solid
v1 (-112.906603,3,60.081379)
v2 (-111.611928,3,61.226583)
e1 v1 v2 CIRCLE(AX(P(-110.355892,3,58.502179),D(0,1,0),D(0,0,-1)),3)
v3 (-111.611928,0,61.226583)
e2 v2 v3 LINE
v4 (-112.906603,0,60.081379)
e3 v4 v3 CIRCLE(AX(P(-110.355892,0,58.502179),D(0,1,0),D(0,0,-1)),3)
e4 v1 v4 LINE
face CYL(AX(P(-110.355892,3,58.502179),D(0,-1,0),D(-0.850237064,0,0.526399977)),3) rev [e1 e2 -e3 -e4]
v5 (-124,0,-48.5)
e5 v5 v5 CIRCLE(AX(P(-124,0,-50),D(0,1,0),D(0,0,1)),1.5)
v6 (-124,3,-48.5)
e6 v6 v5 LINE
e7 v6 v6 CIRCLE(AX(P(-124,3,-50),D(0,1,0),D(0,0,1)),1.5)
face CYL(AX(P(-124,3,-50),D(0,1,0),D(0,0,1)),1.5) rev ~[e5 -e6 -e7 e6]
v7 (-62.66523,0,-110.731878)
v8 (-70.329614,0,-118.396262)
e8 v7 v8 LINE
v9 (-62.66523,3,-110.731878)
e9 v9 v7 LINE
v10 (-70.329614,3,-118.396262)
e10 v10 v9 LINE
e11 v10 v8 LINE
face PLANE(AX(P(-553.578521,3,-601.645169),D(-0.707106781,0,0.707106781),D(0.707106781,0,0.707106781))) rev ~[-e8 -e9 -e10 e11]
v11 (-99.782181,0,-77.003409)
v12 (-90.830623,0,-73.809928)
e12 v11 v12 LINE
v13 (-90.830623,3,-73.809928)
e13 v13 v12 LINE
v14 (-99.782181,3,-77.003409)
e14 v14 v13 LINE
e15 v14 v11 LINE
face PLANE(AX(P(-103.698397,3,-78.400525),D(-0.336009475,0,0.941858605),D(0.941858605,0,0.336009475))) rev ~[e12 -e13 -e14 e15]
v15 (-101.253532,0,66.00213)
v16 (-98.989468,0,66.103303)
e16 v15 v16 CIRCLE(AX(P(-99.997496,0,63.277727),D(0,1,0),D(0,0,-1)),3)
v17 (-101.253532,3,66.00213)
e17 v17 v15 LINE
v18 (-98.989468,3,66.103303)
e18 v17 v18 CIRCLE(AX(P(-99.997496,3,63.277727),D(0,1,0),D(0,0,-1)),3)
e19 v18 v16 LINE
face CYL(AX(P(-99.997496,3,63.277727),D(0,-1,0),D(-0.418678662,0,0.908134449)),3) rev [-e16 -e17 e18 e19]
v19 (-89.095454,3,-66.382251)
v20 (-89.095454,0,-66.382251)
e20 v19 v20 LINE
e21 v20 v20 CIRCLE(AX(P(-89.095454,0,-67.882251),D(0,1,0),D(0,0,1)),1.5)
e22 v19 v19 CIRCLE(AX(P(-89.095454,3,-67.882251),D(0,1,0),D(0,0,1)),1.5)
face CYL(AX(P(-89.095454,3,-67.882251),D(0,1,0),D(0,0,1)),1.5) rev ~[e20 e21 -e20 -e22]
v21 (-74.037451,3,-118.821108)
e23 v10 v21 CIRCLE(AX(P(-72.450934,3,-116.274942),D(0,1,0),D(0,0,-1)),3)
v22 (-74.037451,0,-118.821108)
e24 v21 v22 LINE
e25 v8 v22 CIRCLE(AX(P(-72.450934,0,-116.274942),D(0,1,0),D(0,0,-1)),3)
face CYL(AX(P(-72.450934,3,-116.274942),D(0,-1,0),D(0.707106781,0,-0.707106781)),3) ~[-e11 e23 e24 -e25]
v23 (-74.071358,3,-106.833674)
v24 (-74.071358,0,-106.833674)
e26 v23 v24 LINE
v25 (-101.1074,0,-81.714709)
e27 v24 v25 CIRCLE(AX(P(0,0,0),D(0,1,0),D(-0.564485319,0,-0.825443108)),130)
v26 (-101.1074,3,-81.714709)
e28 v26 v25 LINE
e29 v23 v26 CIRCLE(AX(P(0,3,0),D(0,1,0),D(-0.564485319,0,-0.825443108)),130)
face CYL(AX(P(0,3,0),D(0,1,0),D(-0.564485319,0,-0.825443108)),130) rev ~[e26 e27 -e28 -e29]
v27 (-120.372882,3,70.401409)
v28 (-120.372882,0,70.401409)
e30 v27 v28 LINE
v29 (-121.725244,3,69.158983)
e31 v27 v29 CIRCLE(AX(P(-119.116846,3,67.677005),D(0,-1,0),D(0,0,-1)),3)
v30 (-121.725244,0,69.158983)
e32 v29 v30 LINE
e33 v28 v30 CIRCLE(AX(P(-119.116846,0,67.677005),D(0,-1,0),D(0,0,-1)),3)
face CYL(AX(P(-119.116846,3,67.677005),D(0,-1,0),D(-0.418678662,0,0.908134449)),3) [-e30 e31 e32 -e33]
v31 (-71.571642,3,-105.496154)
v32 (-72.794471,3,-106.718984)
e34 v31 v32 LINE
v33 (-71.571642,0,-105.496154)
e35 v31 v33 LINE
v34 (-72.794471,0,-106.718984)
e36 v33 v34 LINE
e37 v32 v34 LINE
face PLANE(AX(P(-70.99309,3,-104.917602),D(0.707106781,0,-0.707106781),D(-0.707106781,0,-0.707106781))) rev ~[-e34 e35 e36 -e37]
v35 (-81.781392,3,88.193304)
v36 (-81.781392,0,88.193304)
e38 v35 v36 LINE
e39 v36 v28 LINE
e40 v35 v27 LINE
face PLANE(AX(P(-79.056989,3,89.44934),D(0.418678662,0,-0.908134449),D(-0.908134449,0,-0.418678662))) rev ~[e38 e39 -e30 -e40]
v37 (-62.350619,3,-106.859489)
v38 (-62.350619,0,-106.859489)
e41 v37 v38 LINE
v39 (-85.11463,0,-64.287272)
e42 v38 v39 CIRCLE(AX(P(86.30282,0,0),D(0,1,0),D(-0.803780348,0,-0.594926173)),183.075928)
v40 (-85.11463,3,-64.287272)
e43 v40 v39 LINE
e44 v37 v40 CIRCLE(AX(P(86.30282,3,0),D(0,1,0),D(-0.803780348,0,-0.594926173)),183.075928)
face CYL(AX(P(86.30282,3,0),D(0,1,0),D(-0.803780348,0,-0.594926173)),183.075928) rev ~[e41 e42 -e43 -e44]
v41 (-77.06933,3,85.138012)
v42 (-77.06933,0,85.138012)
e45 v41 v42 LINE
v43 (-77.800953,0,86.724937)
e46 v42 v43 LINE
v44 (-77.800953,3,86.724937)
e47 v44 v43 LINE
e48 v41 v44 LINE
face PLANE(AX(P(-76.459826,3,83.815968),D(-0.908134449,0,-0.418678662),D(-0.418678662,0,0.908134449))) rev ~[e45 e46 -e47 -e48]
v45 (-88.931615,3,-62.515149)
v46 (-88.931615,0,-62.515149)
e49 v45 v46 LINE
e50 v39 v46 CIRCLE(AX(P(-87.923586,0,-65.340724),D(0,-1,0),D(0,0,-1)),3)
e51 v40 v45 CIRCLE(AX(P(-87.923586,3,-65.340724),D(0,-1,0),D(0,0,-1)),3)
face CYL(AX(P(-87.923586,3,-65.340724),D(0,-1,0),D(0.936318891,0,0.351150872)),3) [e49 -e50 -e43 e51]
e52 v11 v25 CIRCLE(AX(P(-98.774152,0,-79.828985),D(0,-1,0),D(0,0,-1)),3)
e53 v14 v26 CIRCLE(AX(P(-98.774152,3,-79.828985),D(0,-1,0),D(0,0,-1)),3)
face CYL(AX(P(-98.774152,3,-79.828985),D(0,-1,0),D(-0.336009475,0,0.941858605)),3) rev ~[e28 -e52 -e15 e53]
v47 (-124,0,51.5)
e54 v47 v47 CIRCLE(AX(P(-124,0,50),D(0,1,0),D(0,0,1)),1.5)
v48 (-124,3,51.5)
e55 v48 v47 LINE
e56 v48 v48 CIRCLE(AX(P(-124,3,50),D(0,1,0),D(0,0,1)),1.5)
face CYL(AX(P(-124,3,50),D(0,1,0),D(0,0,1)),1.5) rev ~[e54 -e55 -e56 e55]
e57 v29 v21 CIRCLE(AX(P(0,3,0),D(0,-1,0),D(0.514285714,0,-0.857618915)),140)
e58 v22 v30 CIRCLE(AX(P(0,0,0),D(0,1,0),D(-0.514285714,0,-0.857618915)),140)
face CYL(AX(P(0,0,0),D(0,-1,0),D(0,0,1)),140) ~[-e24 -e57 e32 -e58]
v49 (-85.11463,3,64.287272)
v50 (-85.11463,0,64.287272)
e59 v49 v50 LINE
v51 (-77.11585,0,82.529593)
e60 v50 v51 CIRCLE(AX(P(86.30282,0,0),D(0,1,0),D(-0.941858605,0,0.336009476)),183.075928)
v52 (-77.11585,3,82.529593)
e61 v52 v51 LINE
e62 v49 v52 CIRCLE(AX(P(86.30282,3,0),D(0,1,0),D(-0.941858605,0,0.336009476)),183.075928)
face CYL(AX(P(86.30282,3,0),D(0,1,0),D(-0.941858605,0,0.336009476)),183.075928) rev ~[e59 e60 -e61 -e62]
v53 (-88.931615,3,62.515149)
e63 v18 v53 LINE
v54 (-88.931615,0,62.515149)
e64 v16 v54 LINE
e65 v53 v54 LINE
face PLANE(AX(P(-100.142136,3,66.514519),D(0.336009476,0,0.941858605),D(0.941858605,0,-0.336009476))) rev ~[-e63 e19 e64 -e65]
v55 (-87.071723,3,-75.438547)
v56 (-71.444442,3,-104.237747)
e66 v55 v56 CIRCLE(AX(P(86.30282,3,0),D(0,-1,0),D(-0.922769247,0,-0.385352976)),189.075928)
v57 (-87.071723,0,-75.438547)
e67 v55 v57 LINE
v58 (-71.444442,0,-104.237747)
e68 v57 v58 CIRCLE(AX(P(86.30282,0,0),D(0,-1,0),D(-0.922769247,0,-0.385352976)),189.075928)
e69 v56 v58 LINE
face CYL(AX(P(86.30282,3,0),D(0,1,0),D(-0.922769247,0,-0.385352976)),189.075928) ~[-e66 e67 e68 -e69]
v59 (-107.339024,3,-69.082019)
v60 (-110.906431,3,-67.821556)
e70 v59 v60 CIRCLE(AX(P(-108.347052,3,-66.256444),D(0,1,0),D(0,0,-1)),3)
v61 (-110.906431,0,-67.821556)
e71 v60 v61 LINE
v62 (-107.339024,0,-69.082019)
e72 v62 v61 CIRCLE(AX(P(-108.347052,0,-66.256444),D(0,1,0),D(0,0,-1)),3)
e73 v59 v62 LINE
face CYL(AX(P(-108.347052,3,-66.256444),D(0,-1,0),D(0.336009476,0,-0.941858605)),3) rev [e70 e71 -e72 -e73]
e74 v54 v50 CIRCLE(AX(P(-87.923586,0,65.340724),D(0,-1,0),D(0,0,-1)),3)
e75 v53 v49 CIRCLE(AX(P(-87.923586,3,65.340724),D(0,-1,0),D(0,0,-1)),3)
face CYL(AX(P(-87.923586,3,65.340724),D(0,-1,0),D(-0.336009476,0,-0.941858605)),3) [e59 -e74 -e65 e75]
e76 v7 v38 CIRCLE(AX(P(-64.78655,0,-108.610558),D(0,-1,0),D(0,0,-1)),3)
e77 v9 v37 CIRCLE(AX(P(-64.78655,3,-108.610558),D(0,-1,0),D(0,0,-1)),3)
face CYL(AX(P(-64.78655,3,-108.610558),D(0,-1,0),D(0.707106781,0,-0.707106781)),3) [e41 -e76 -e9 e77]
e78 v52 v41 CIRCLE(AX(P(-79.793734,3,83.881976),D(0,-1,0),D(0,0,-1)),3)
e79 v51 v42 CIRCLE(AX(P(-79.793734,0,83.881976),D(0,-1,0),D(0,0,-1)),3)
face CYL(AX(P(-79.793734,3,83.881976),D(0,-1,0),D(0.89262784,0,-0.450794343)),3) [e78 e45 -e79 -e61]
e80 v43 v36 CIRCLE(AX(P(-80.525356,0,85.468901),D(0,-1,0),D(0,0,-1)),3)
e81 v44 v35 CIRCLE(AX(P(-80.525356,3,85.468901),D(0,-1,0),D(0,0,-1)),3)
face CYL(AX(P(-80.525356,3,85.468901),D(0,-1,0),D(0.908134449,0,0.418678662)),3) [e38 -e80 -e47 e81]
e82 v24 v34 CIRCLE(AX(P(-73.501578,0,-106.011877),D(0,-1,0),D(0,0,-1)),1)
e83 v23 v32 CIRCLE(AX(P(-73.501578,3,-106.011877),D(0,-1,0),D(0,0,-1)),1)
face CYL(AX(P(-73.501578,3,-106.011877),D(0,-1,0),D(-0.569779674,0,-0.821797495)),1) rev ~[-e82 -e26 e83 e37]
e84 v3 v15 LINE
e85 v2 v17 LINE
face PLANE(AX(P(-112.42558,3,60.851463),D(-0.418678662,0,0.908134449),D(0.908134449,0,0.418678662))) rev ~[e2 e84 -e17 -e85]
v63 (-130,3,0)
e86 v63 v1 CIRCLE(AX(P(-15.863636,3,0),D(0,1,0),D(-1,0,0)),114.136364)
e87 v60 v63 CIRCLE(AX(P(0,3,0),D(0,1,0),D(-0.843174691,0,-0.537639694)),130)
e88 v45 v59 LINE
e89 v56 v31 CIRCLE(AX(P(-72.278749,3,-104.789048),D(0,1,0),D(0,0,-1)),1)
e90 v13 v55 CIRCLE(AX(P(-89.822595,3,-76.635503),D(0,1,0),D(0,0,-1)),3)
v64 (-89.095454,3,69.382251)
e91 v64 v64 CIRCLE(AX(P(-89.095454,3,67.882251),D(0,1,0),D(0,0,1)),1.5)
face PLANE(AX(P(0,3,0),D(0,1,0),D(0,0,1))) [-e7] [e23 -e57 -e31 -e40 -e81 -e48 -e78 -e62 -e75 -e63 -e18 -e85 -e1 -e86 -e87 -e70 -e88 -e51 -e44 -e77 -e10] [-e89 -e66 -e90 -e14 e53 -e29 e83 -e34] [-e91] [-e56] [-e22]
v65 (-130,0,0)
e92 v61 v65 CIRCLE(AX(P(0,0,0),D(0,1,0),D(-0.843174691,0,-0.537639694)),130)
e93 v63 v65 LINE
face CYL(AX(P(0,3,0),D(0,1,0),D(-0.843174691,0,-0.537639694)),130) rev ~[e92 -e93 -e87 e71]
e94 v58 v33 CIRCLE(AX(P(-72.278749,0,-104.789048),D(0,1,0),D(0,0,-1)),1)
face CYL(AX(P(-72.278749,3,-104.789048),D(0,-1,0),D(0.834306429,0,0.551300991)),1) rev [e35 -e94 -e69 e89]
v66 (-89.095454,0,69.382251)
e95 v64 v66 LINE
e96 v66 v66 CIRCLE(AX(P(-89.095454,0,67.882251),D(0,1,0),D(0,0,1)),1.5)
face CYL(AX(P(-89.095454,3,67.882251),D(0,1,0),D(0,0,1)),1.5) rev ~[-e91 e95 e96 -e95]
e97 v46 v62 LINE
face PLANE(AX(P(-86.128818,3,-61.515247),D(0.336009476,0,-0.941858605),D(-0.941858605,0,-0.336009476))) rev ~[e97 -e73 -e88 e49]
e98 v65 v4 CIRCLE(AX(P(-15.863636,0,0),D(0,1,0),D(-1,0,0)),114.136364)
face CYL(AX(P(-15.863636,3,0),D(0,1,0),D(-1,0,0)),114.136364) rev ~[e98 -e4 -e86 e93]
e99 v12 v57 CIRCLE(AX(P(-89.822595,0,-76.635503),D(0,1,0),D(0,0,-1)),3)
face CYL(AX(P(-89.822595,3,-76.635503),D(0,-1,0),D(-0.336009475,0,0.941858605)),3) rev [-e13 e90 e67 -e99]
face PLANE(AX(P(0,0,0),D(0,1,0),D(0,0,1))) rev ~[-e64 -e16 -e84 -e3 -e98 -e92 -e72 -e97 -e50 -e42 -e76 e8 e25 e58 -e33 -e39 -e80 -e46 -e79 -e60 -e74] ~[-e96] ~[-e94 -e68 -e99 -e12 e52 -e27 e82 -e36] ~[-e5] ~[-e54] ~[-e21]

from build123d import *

# Parameters (mm, degrees)
SKETCH1_R           = 140
BOSS_EXTRUDE1_DEPTH = 3
CUT_EXTRUDE3_REACH  = 200.013
SKETCH19_R          = 1.5
CUT_EXTRUDE10_REACH = 200.013
SKETCH25_R          = 1.5
CUT_EXTRUDE4_REACH  = 200.013
FILLET2_R           = 10
SKETCH26_R          = 1.5
CUT_EXTRUDE11_DEPTH = 3
FILLET6_R           = 3
FILLET7_R           = 1


with BuildPart() as part:
    # Sketch1 → Boss-Extrude1 (new body)
    with BuildSketch(Plane(origin=(0, 0, 0), x_dir=(1, 0, 0), z_dir=(0, 1, 0))):
        with Locations(Location((0, 0, 0), (0, 0, 270))):
            Circle(SKETCH1_R)
    extrude(amount=BOSS_EXTRUDE1_DEPTH)

    # Sketch19 → Cut-Extrude3 (cut, up to next)
    with BuildSketch(Plane(origin=(0, 3, 0), x_dir=(1, 0, 0), z_dir=(0, 1, 0)), mode=Mode.PRIVATE) as cut_extrude3_sk1:
        with Locations(Location((-89.09545443, -67.882250994, 0), (0, 0, 270))):
            Circle(SKETCH19_R)
    cut_extrude3_tool1 = extrude(cut_extrude3_sk1.sketch, amount=-CUT_EXTRUDE3_REACH, mode=Mode.PRIVATE) & part.part
    # Sketch19 → Cut-Extrude3 (cut, up to next)
    with BuildSketch(Plane(origin=(0, 3, 0), x_dir=(1, 0, 0), z_dir=(0, 1, 0)), mode=Mode.PRIVATE) as cut_extrude3_sk2:
        with Locations(Location((-89.09545443, 67.882250994, 0), (0, 0, 270))):
            Circle(SKETCH19_R)
    cut_extrude3_tool2 = extrude(cut_extrude3_sk2.sketch, amount=-CUT_EXTRUDE3_REACH, mode=Mode.PRIVATE) & part.part
    # Sketch19 → Cut-Extrude3 (cut, up to next)
    with BuildSketch(Plane(origin=(0, 3, 0), x_dir=(1, 0, 0), z_dir=(0, 1, 0)), mode=Mode.PRIVATE) as cut_extrude3_sk3:
        with Locations(Location((89.09545443, 67.882250994, 0), (0, 0, 270))):
            Circle(SKETCH19_R)
    cut_extrude3_tool3 = extrude(cut_extrude3_sk3.sketch, amount=-CUT_EXTRUDE3_REACH, mode=Mode.PRIVATE) & part.part
    # Sketch19 → Cut-Extrude3 (cut, up to next)
    with BuildSketch(Plane(origin=(0, 3, 0), x_dir=(1, 0, 0), z_dir=(0, 1, 0)), mode=Mode.PRIVATE) as cut_extrude3_sk4:
        with Locations(Location((89.09545443, -67.882250994, 0), (0, 0, 270))):
            Circle(SKETCH19_R)
    cut_extrude3_tool4 = extrude(cut_extrude3_sk4.sketch, amount=-CUT_EXTRUDE3_REACH, mode=Mode.PRIVATE) & part.part
    # Sketch19 → Cut-Extrude3 (cut, up to next)
    with BuildSketch(Plane(origin=(0, 3, 0), x_dir=(1, 0, 0), z_dir=(0, 1, 0)), mode=Mode.PRIVATE) as cut_extrude3_sk5:
        with Locations(Location((-67.882250994, 89.09545443, 0), (0, 0, 270))):
            Circle(SKETCH19_R)
    cut_extrude3_tool5 = extrude(cut_extrude3_sk5.sketch, amount=-CUT_EXTRUDE3_REACH, mode=Mode.PRIVATE) & part.part
    # Sketch19 → Cut-Extrude3 (cut, up to next)
    with BuildSketch(Plane(origin=(0, 3, 0), x_dir=(1, 0, 0), z_dir=(0, 1, 0)), mode=Mode.PRIVATE) as cut_extrude3_sk6:
        with Locations(Location((67.882250994, 89.09545443, 0), (0, 0, 270))):
            Circle(SKETCH19_R)
    cut_extrude3_tool6 = extrude(cut_extrude3_sk6.sketch, amount=-CUT_EXTRUDE3_REACH, mode=Mode.PRIVATE) & part.part
    # Sketch19 → Cut-Extrude3 (cut, up to next)
    with BuildSketch(Plane(origin=(0, 3, 0), x_dir=(1, 0, 0), z_dir=(0, 1, 0)), mode=Mode.PRIVATE) as cut_extrude3_sk7:
        with Locations(Location((67.882250994, -89.09545443, 0), (0, 0, 270))):
            Circle(SKETCH19_R)
    cut_extrude3_tool7 = extrude(cut_extrude3_sk7.sketch, amount=-CUT_EXTRUDE3_REACH, mode=Mode.PRIVATE) & part.part
    # Sketch19 → Cut-Extrude3 (cut, up to next)
    with BuildSketch(Plane(origin=(0, 3, 0), x_dir=(1, 0, 0), z_dir=(0, 1, 0)), mode=Mode.PRIVATE) as cut_extrude3_sk8:
        with Locations(Location((-67.882250994, -89.09545443, 0), (0, 0, 270))):
            Circle(SKETCH19_R)
    cut_extrude3_tool8 = extrude(cut_extrude3_sk8.sketch, amount=-CUT_EXTRUDE3_REACH, mode=Mode.PRIVATE) & part.part
    add(cut_extrude3_tool1.solids().sort_by_distance((-89.095454, 3, 67.882251))[0], mode=Mode.SUBTRACT)
    add(cut_extrude3_tool2.solids().sort_by_distance((-89.095454, 3, -67.882251))[0], mode=Mode.SUBTRACT)
    add(cut_extrude3_tool3.solids().sort_by_distance((89.095454, 3, -67.882251))[0], mode=Mode.SUBTRACT)
    add(cut_extrude3_tool4.solids().sort_by_distance((89.095454, 3, 67.882251))[0], mode=Mode.SUBTRACT)
    add(cut_extrude3_tool5.solids().sort_by_distance((-67.882251, 3, -89.095454))[0], mode=Mode.SUBTRACT)
    add(cut_extrude3_tool6.solids().sort_by_distance((67.882251, 3, -89.095454))[0], mode=Mode.SUBTRACT)
    add(cut_extrude3_tool7.solids().sort_by_distance((67.882251, 3, 89.095454))[0], mode=Mode.SUBTRACT)
    add(cut_extrude3_tool8.solids().sort_by_distance((-67.882251, 3, 89.095454))[0], mode=Mode.SUBTRACT)

    # Sketch25 → Cut-Extrude10 (cut, up to next)
    with BuildSketch(Plane(origin=(0, 3, 0), x_dir=(1, 0, 0), z_dir=(0, 1, 0)), mode=Mode.PRIVATE) as cut_extrude10_sk1:
        with Locations(Location((-124, 50, 0), (0, 0, 270))):
            Circle(SKETCH25_R)
    cut_extrude10_tool1 = extrude(cut_extrude10_sk1.sketch, amount=-CUT_EXTRUDE10_REACH, mode=Mode.PRIVATE) & part.part
    # Sketch25 → Cut-Extrude10 (cut, up to next)
    with BuildSketch(Plane(origin=(0, 3, 0), x_dir=(1, 0, 0), z_dir=(0, 1, 0)), mode=Mode.PRIVATE) as cut_extrude10_sk2:
        with Locations(Location((-124, -50, 0), (0, 0, 270))):
            Circle(SKETCH25_R)
    cut_extrude10_tool2 = extrude(cut_extrude10_sk2.sketch, amount=-CUT_EXTRUDE10_REACH, mode=Mode.PRIVATE) & part.part
    add(cut_extrude10_tool1.solids().sort_by_distance((-124, 3, -50))[0], mode=Mode.SUBTRACT)
    add(cut_extrude10_tool2.solids().sort_by_distance((-124, 3, 50))[0], mode=Mode.SUBTRACT)

    # Sketch20 → Cut-Extrude4 (cut, up to next)
    with BuildSketch(Plane(origin=(0, 3, 0), x_dir=(1, 0, 0), z_dir=(0, 1, 0)), mode=Mode.PRIVATE) as cut_extrude4_sk1:
        Polygon((-553.578520829, 601.645168987), (-72, 120.066648158), (-50, 98.066648158), (50, 98.066648158), (72, 120.066648158), (553.578520829, 601.645168987), (553.578520829, 1963.754919995), (-553.578520829, 1963.754919995), align=None)
    cut_extrude4_tool1 = extrude(cut_extrude4_sk1.sketch, amount=-CUT_EXTRUDE4_REACH, mode=Mode.PRIVATE) & part.part
    add(cut_extrude4_tool1.solids().sort_by_distance((0, 3, -1137.970098))[0], mode=Mode.SUBTRACT)

    # Fillet2
    fillet2_edges = [part.edges().sort_by_distance(p)[0] for p in [
        (50, 1.5, -98.066648158),
        (-50, 1.5, -98.066648158),
    ]]
    fillet(fillet2_edges, radius=FILLET2_R)

    # Sketch26 → Cut-Extrude11 (cut)
    # profile 1 of 7: a face of its own
    with BuildSketch(Plane(origin=(0, 3, 0), x_dir=(1, 0, 0), z_dir=(0, 1, 0))):
        with BuildLine():
            Line((-79.056988797, -89.449340058), (-121.24355653, -70))
            ThreePointArc((-121.24355653, -70), (98.171098855, -99.812000028), (72, 120.066648158))
            Line((72, 120.066648158), (52.928932188, 100.995580347))
            ThreePointArc((52.928932188, 100.995580347), (49.6846987, 98.827852833), (45.857864376, 98.066648158))
            Line((45.857864376, 98.066648158), (-45.857864376, 98.066648158))
            ThreePointArc((-45.857864376, 98.066648158), (-49.6846987, 98.827852833), (-52.928932188, 100.995580347))
            Line((-52.928932188, 100.995580347), (-60.850013122, 108.91666128))
            ThreePointArc((-60.850013122, 108.91666128), (-75.23752201, 86.148205434), (-86.128818141, 61.515246573))
            Line((-86.128818141, 61.515246573), (-109.612709786, 69.893160276))
            ThreePointArc((-109.612709786, 69.893160276), (-124.799143171, 36.402937572), (-130, 0))
            ThreePointArc((-130, 0), (-125.518409602, -31.669231283), (-112.425579752, -60.851463362))
            Line((-112.425579752, -60.851463362), (-100.142136058, -66.514518839))
            Line((-100.142136058, -66.514518839), (-86.128818141, -61.515246573))
            ThreePointArc((-86.128818141, -61.515246573), (-81.664833416, -72.826250762), (-76.459826151, -83.815967535))
            Line((-76.459826151, -83.815967535), (-79.056988797, -89.449340058))
        make_face()
        with Locations((-67.882250994, -89.09545443)):
            Circle(SKETCH26_R, mode=Mode.SUBTRACT)
        with Locations((67.882250994, -89.09545443)):
            Circle(SKETCH26_R, mode=Mode.SUBTRACT)
        with Locations((89.09545443, -67.882250994)):
            Circle(SKETCH26_R, mode=Mode.SUBTRACT)
        with Locations((-67.882250994, 89.09545443)):
            Circle(SKETCH26_R, mode=Mode.SUBTRACT)
        with Locations((67.882250994, 89.09545443)):
            Circle(SKETCH26_R, mode=Mode.SUBTRACT)
        with Locations((89.09545443, 67.882250994)):
            Circle(SKETCH26_R, mode=Mode.SUBTRACT)
    # profile 2 of 7: a face of its own
    with BuildSketch(Plane(origin=(0, 3, 0), x_dir=(1, 0, 0), z_dir=(0, 1, 0))):
        with BuildLine():
            Line((-103.69839741, 78.400525346), (-88.170631715, 72.860971556))
            ThreePointArc((-88.170631715, 72.860971556), (-80.354415694, 89.303260425), (-70.993089828, 104.917602363))
            Line((-70.993089828, 104.917602363), (-73.383091495, 107.30760403))
            ThreePointArc((-73.383091495, 107.30760403), (-89.712698252, 94.083110983), (-103.69839741, 78.400525346))
        make_face()
    # profile 3 of 7: a face of its own
    with BuildSketch(Plane(origin=(0, 3, 0), x_dir=(1, 0, 0), z_dir=(0, 1, 0))):
        with Locations((-67.882250994, 89.09545443)):
            Circle(SKETCH26_R)
    # profile 4 of 7: a face of its own
    with BuildSketch(Plane(origin=(0, 3, 0), x_dir=(1, 0, 0), z_dir=(0, 1, 0))):
        with Locations(Location((-89.09545443, 67.882250994, 0), (0, 0, 270))):
            Circle(SKETCH26_R)
    # profile 5 of 7: a face of its own
    with BuildSketch(Plane(origin=(0, 3, 0), x_dir=(1, 0, 0), z_dir=(0, 1, 0))):
        with Locations(Location((-124, 50, 0), (0, 0, 270))):
            Circle(SKETCH26_R)
    # profile 6 of 7: a face of its own
    with BuildSketch(Plane(origin=(0, 3, 0), x_dir=(1, 0, 0), z_dir=(0, 1, 0))):
        with Locations(Location((-89.09545443, -67.882250994, 0), (0, 0, 270))):
            Circle(SKETCH26_R)
    # profile 7 of 7: a face of its own
    with BuildSketch(Plane(origin=(0, 3, 0), x_dir=(1, 0, 0), z_dir=(0, 1, 0))):
        with Locations(Location((-124, -50, 0), (0, 0, 270))):
            Circle(SKETCH26_R)
    extrude(amount=-CUT_EXTRUDE11_DEPTH, mode=Mode.SUBTRACT)

    # Fillet6
    fillet6_edges = [part.edges().sort_by_distance(p)[0] for p in [
        (-109.612709786, 1.5, -69.893160276),
        (-86.128818141, 1.5, -61.515246573),
        (-60.850013122, 1.5, -108.91666128),
        (-121.24355653, 1.5, 70),
        (-79.056988797, 1.5, 89.449340058),
        (-76.459826151, 1.5, 83.815967535),
        (-86.128818141, 1.5, 61.515246573),
        (-100.142136058, 1.5, 66.514518839),
        (-112.425579752, 1.5, 60.851463362),
        (-72, 1.5, -120.066648158),
        (-88.170631715, 1.5, -72.860971556),
        (-103.69839741, 1.5, -78.400525346),
    ]]
    fillet(fillet6_edges, radius=FILLET6_R)

    # Fillet7
    fillet7_edges = [part.edges().sort_by_distance(p)[0] for p in [
        (-73.383091495, 1.5, -107.30760403),
        (-70.993089828, 1.5, -104.917602363),
    ]]
    fillet(fillet7_edges, radius=FILLET7_R)


solid = part.part
